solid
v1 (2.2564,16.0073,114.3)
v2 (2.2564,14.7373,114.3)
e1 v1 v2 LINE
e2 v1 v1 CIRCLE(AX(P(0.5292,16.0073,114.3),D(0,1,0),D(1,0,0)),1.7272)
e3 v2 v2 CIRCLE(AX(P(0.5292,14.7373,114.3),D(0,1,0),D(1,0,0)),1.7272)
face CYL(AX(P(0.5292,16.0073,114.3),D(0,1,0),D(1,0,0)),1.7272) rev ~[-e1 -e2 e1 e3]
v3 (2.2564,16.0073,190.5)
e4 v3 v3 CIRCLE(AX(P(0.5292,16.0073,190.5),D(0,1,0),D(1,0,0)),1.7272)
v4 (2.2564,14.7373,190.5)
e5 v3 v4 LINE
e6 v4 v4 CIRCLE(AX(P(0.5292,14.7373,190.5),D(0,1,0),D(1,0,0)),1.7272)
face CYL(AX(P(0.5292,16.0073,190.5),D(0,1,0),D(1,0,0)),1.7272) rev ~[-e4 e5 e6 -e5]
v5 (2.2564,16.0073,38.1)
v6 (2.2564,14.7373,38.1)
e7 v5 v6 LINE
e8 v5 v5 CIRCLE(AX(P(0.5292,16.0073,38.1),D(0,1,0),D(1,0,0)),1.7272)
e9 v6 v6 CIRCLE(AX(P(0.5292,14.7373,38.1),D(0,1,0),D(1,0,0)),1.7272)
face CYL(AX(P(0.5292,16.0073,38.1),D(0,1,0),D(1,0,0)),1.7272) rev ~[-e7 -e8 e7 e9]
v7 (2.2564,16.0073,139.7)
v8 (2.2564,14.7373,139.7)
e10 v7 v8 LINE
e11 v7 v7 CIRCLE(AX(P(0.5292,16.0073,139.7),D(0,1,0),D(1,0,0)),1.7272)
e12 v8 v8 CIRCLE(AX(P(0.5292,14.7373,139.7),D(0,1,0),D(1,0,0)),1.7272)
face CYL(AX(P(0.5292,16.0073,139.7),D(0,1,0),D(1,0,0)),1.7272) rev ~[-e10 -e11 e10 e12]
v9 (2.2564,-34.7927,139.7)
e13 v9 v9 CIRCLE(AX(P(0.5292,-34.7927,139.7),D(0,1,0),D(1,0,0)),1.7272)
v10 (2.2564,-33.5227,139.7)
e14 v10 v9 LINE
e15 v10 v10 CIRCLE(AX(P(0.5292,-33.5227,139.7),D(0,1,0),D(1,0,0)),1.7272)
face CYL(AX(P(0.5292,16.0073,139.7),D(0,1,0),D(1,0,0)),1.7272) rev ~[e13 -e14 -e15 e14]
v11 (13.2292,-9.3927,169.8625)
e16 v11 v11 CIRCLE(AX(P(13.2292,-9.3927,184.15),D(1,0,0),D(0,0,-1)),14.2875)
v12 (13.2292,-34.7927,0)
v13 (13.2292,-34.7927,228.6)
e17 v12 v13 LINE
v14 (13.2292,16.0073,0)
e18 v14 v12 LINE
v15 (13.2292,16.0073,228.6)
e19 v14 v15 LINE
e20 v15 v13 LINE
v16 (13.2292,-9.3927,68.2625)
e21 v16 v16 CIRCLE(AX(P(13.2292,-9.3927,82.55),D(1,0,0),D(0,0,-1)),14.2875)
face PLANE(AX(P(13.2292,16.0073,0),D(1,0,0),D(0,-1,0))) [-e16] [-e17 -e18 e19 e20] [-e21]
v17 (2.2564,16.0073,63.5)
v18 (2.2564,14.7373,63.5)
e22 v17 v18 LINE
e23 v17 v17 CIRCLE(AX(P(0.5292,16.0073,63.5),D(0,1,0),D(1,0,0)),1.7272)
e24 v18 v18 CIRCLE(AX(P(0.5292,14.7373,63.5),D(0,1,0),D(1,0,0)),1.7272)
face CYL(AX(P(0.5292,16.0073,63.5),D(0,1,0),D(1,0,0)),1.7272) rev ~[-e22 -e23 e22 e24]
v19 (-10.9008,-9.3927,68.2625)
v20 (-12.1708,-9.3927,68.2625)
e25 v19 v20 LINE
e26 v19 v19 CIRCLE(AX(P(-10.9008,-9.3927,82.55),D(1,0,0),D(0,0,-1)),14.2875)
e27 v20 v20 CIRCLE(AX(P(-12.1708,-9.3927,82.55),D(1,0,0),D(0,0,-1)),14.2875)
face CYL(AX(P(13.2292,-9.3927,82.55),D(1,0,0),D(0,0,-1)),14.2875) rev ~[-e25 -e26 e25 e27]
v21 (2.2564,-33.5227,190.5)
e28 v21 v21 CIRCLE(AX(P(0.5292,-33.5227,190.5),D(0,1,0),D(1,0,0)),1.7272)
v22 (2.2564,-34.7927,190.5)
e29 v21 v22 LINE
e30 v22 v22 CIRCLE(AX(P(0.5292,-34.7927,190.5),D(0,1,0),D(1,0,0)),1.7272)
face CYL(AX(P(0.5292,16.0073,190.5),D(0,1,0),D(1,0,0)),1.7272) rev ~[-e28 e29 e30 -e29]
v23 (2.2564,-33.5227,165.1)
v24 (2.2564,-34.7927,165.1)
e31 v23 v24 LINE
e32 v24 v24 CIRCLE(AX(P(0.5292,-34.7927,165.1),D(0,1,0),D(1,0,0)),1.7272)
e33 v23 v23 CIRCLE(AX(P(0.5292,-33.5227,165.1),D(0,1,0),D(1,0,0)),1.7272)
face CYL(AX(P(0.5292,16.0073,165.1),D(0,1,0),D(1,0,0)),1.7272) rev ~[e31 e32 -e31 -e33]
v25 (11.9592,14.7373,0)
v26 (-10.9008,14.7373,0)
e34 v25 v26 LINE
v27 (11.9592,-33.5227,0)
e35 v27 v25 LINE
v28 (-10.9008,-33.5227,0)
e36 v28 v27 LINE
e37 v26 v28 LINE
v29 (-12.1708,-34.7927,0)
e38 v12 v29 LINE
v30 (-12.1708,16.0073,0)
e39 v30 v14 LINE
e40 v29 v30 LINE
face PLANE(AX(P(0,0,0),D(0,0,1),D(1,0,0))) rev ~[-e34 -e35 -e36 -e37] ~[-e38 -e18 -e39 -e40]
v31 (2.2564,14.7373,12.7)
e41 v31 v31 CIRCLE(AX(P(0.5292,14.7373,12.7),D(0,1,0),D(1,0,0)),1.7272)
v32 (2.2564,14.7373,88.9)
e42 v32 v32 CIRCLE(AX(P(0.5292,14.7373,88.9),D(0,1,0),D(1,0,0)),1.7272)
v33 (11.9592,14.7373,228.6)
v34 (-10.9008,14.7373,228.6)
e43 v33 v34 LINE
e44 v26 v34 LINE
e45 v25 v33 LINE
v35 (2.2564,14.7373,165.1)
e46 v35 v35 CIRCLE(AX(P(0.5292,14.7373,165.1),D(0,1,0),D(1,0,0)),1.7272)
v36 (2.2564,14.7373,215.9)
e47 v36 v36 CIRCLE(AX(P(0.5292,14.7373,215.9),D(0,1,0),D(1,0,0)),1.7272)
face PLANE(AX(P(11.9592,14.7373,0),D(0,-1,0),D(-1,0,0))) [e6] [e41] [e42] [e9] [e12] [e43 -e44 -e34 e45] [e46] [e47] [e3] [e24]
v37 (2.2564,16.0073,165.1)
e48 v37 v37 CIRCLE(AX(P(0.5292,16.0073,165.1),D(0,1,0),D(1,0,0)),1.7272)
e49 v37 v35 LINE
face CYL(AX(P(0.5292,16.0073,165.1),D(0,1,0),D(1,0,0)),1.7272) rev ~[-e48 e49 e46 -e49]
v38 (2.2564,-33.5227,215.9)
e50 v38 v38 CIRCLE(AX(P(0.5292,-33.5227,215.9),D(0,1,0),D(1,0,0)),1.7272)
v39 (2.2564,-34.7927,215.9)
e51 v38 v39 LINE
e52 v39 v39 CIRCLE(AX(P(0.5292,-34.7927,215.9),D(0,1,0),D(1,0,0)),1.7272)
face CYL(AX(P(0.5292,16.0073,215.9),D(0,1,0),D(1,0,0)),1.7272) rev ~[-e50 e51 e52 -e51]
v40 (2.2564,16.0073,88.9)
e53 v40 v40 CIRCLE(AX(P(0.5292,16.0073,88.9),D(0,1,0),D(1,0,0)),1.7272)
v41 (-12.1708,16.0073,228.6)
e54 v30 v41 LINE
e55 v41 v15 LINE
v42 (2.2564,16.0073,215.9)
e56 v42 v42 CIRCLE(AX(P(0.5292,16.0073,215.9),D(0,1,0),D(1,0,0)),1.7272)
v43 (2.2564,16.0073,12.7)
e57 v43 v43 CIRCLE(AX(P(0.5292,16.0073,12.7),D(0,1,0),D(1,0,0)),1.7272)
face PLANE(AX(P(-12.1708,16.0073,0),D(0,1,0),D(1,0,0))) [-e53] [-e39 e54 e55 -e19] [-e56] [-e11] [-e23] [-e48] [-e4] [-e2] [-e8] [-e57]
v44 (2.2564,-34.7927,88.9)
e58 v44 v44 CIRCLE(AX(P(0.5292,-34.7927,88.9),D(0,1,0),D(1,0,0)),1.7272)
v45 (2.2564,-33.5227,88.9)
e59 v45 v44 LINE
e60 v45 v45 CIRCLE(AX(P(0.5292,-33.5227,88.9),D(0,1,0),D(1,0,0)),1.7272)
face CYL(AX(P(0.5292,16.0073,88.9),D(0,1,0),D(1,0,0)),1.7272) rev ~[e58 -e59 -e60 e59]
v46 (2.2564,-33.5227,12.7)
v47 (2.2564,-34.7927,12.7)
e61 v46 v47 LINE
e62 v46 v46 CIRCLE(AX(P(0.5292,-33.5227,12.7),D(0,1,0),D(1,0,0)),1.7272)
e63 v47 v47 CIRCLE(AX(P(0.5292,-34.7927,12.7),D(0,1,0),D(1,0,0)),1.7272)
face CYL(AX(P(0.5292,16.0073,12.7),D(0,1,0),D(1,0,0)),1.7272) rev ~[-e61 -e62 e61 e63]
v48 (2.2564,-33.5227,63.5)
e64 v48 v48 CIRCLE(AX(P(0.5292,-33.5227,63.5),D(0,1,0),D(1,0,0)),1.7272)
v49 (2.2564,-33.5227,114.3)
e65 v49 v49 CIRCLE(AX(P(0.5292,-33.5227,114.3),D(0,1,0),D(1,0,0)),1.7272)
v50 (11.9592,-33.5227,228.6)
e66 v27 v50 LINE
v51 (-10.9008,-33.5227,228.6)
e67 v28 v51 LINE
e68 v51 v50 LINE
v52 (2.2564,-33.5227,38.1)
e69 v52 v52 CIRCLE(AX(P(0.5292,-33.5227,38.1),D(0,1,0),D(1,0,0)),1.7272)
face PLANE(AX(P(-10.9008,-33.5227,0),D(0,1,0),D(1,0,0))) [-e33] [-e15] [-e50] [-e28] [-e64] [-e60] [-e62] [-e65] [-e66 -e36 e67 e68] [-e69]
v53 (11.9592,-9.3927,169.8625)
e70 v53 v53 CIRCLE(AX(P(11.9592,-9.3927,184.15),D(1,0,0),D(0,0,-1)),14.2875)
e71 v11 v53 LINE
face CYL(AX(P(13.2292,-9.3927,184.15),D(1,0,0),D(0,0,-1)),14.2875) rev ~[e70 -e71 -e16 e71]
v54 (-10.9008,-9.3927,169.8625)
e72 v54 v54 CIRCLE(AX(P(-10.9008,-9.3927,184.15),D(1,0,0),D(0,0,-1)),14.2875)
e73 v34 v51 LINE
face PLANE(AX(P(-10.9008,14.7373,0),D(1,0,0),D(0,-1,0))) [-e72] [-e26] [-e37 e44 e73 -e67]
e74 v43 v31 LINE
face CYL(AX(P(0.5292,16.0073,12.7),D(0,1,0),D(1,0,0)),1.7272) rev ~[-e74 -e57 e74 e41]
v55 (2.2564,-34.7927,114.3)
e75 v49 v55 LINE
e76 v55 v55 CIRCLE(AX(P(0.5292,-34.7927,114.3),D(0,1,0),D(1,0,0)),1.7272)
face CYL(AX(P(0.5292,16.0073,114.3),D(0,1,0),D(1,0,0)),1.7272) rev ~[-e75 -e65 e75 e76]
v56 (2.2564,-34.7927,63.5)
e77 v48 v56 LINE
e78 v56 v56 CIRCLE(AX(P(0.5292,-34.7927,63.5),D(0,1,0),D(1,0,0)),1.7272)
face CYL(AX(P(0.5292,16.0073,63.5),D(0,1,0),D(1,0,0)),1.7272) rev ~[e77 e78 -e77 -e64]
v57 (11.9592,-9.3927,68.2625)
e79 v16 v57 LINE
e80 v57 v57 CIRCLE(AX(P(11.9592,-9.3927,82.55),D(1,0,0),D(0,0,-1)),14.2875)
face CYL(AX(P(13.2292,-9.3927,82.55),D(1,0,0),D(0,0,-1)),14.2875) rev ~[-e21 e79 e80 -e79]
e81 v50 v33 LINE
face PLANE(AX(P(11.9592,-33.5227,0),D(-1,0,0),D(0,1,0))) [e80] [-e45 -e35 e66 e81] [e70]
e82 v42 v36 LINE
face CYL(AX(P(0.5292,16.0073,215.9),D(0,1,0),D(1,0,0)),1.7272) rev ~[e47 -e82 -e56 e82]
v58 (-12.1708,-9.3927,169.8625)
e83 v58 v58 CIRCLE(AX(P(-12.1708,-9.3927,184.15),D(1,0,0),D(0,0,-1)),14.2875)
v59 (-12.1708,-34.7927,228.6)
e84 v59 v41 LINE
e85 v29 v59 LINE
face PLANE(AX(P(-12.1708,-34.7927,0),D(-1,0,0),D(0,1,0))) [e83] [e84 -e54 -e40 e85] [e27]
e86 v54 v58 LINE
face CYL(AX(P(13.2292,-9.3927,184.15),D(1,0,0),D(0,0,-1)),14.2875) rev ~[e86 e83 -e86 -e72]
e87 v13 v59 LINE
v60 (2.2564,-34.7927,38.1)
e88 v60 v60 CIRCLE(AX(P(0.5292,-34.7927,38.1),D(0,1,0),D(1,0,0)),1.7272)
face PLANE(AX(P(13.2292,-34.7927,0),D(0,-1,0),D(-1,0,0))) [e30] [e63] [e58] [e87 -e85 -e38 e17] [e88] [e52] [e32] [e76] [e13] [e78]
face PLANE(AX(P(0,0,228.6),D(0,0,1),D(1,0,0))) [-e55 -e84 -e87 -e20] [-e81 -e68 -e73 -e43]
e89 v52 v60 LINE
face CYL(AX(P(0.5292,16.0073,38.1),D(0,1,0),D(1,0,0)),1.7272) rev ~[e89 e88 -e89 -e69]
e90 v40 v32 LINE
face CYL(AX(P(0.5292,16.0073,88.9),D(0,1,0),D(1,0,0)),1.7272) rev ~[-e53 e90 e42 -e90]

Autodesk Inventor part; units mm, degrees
ref_plane "YZ Plane" through (0, 0, 0) normal (1, 0, 0) x (0, 1, 0)
ref_plane "XZ Plane" through (0, 0, 0) normal (0, 1, 0) x (-1, 0, 0)
ref_plane "XY Plane" through (0, 0, 0) normal (0, 0, 1) x (1, 0, 0)
sketch "Sketch1" plane through (0, 0, 0) normal (0, 0, 1) x (1, 0, 0)
  line L0 (-12.1708, 16.0073) -> (13.2292, 16.0073)
  line L1 (13.2292, 16.0073) -> (13.2292, -34.7927)
  line L2 (13.2292, -34.7927) -> (-12.1708, -34.7927)
  line L3 (-12.1708, -34.7927) -> (-12.1708, 16.0073)
  line L4 (11.9592, 14.7373) -> (-10.9008, 14.7373)
  line L5 (-10.9008, 14.7373) -> (-10.9008, -33.5227)
  line L6 (-10.9008, -33.5227) -> (11.9592, -33.5227)
  line L7 (11.9592, -33.5227) -> (11.9592, 14.7373)
  point P0 (0, 0)
  dimension "d0" = 25.4
  dimension "d1" = 50.8
  dimension "d2" = 1.27
extrude "Extrusion1" add sketch "Sketch1" along normal blind 228.6
sketch "Sketch2" plane through (-12.1708, 16.0073, 0) normal (0, 1, 0) x (1, 0, 0)
  circle A0 centre (12.7, -12.7) radius 1.7272
  line L0 (25.4, 0) -> (0, 0) projected
  line L1 (0, 0) -> (0, -228.6) projected
  point P0 (12.1708, 0)
  dimension "d5" = 3.4544
  dimension "d6" = 12.7
  dimension "d7" = 12.7
extrude "Extrusion2" cut sketch "Sketch2" against normal through all
pattern_linear "Rectangular Pattern1" count 71 spacing 25.4 along (0, 0, 1) of "Extrusion2"
sketch "Sketch4" plane through (13.2292, -34.7927, 0) normal (1, 0, 0) x (0, 0, -1)
  circle A0 centre (-82.55, 25.4) radius 14.2875
  line L0 (0, 50.8) -> (-228.6, 50.8) projected
  line L1 (0, 0) -> (0, 50.8) projected
  line L2 (0, 50.8) -> (-228.6, 50.8) projected
  line L3 (-228.6, 0) -> (-228.6, 50.8) projected
  line L4 (0, 0) -> (-228.6, 0) projected
  circle A1 centre (-184.15, 25.4) radius 14.2875
  point P0 (0, 34.7927)
  point P1 (0, 25.4)
  dimension "d31" = 28.575
  dimension "d34" = 28.575
  dimension "d35" = 44.45
  dimension "d36" = 25.4
  dimension "d39" = 101.6
extrude "Extrusion4" cut sketch "Sketch4" against normal blind 25.4 contours A0 | A1
equation "\"d10\" = d14"
equation "\"d13\" = 711.2"
equation "\"d14\" = d13"
properties part number "VersaFrame_VelcRail2"
